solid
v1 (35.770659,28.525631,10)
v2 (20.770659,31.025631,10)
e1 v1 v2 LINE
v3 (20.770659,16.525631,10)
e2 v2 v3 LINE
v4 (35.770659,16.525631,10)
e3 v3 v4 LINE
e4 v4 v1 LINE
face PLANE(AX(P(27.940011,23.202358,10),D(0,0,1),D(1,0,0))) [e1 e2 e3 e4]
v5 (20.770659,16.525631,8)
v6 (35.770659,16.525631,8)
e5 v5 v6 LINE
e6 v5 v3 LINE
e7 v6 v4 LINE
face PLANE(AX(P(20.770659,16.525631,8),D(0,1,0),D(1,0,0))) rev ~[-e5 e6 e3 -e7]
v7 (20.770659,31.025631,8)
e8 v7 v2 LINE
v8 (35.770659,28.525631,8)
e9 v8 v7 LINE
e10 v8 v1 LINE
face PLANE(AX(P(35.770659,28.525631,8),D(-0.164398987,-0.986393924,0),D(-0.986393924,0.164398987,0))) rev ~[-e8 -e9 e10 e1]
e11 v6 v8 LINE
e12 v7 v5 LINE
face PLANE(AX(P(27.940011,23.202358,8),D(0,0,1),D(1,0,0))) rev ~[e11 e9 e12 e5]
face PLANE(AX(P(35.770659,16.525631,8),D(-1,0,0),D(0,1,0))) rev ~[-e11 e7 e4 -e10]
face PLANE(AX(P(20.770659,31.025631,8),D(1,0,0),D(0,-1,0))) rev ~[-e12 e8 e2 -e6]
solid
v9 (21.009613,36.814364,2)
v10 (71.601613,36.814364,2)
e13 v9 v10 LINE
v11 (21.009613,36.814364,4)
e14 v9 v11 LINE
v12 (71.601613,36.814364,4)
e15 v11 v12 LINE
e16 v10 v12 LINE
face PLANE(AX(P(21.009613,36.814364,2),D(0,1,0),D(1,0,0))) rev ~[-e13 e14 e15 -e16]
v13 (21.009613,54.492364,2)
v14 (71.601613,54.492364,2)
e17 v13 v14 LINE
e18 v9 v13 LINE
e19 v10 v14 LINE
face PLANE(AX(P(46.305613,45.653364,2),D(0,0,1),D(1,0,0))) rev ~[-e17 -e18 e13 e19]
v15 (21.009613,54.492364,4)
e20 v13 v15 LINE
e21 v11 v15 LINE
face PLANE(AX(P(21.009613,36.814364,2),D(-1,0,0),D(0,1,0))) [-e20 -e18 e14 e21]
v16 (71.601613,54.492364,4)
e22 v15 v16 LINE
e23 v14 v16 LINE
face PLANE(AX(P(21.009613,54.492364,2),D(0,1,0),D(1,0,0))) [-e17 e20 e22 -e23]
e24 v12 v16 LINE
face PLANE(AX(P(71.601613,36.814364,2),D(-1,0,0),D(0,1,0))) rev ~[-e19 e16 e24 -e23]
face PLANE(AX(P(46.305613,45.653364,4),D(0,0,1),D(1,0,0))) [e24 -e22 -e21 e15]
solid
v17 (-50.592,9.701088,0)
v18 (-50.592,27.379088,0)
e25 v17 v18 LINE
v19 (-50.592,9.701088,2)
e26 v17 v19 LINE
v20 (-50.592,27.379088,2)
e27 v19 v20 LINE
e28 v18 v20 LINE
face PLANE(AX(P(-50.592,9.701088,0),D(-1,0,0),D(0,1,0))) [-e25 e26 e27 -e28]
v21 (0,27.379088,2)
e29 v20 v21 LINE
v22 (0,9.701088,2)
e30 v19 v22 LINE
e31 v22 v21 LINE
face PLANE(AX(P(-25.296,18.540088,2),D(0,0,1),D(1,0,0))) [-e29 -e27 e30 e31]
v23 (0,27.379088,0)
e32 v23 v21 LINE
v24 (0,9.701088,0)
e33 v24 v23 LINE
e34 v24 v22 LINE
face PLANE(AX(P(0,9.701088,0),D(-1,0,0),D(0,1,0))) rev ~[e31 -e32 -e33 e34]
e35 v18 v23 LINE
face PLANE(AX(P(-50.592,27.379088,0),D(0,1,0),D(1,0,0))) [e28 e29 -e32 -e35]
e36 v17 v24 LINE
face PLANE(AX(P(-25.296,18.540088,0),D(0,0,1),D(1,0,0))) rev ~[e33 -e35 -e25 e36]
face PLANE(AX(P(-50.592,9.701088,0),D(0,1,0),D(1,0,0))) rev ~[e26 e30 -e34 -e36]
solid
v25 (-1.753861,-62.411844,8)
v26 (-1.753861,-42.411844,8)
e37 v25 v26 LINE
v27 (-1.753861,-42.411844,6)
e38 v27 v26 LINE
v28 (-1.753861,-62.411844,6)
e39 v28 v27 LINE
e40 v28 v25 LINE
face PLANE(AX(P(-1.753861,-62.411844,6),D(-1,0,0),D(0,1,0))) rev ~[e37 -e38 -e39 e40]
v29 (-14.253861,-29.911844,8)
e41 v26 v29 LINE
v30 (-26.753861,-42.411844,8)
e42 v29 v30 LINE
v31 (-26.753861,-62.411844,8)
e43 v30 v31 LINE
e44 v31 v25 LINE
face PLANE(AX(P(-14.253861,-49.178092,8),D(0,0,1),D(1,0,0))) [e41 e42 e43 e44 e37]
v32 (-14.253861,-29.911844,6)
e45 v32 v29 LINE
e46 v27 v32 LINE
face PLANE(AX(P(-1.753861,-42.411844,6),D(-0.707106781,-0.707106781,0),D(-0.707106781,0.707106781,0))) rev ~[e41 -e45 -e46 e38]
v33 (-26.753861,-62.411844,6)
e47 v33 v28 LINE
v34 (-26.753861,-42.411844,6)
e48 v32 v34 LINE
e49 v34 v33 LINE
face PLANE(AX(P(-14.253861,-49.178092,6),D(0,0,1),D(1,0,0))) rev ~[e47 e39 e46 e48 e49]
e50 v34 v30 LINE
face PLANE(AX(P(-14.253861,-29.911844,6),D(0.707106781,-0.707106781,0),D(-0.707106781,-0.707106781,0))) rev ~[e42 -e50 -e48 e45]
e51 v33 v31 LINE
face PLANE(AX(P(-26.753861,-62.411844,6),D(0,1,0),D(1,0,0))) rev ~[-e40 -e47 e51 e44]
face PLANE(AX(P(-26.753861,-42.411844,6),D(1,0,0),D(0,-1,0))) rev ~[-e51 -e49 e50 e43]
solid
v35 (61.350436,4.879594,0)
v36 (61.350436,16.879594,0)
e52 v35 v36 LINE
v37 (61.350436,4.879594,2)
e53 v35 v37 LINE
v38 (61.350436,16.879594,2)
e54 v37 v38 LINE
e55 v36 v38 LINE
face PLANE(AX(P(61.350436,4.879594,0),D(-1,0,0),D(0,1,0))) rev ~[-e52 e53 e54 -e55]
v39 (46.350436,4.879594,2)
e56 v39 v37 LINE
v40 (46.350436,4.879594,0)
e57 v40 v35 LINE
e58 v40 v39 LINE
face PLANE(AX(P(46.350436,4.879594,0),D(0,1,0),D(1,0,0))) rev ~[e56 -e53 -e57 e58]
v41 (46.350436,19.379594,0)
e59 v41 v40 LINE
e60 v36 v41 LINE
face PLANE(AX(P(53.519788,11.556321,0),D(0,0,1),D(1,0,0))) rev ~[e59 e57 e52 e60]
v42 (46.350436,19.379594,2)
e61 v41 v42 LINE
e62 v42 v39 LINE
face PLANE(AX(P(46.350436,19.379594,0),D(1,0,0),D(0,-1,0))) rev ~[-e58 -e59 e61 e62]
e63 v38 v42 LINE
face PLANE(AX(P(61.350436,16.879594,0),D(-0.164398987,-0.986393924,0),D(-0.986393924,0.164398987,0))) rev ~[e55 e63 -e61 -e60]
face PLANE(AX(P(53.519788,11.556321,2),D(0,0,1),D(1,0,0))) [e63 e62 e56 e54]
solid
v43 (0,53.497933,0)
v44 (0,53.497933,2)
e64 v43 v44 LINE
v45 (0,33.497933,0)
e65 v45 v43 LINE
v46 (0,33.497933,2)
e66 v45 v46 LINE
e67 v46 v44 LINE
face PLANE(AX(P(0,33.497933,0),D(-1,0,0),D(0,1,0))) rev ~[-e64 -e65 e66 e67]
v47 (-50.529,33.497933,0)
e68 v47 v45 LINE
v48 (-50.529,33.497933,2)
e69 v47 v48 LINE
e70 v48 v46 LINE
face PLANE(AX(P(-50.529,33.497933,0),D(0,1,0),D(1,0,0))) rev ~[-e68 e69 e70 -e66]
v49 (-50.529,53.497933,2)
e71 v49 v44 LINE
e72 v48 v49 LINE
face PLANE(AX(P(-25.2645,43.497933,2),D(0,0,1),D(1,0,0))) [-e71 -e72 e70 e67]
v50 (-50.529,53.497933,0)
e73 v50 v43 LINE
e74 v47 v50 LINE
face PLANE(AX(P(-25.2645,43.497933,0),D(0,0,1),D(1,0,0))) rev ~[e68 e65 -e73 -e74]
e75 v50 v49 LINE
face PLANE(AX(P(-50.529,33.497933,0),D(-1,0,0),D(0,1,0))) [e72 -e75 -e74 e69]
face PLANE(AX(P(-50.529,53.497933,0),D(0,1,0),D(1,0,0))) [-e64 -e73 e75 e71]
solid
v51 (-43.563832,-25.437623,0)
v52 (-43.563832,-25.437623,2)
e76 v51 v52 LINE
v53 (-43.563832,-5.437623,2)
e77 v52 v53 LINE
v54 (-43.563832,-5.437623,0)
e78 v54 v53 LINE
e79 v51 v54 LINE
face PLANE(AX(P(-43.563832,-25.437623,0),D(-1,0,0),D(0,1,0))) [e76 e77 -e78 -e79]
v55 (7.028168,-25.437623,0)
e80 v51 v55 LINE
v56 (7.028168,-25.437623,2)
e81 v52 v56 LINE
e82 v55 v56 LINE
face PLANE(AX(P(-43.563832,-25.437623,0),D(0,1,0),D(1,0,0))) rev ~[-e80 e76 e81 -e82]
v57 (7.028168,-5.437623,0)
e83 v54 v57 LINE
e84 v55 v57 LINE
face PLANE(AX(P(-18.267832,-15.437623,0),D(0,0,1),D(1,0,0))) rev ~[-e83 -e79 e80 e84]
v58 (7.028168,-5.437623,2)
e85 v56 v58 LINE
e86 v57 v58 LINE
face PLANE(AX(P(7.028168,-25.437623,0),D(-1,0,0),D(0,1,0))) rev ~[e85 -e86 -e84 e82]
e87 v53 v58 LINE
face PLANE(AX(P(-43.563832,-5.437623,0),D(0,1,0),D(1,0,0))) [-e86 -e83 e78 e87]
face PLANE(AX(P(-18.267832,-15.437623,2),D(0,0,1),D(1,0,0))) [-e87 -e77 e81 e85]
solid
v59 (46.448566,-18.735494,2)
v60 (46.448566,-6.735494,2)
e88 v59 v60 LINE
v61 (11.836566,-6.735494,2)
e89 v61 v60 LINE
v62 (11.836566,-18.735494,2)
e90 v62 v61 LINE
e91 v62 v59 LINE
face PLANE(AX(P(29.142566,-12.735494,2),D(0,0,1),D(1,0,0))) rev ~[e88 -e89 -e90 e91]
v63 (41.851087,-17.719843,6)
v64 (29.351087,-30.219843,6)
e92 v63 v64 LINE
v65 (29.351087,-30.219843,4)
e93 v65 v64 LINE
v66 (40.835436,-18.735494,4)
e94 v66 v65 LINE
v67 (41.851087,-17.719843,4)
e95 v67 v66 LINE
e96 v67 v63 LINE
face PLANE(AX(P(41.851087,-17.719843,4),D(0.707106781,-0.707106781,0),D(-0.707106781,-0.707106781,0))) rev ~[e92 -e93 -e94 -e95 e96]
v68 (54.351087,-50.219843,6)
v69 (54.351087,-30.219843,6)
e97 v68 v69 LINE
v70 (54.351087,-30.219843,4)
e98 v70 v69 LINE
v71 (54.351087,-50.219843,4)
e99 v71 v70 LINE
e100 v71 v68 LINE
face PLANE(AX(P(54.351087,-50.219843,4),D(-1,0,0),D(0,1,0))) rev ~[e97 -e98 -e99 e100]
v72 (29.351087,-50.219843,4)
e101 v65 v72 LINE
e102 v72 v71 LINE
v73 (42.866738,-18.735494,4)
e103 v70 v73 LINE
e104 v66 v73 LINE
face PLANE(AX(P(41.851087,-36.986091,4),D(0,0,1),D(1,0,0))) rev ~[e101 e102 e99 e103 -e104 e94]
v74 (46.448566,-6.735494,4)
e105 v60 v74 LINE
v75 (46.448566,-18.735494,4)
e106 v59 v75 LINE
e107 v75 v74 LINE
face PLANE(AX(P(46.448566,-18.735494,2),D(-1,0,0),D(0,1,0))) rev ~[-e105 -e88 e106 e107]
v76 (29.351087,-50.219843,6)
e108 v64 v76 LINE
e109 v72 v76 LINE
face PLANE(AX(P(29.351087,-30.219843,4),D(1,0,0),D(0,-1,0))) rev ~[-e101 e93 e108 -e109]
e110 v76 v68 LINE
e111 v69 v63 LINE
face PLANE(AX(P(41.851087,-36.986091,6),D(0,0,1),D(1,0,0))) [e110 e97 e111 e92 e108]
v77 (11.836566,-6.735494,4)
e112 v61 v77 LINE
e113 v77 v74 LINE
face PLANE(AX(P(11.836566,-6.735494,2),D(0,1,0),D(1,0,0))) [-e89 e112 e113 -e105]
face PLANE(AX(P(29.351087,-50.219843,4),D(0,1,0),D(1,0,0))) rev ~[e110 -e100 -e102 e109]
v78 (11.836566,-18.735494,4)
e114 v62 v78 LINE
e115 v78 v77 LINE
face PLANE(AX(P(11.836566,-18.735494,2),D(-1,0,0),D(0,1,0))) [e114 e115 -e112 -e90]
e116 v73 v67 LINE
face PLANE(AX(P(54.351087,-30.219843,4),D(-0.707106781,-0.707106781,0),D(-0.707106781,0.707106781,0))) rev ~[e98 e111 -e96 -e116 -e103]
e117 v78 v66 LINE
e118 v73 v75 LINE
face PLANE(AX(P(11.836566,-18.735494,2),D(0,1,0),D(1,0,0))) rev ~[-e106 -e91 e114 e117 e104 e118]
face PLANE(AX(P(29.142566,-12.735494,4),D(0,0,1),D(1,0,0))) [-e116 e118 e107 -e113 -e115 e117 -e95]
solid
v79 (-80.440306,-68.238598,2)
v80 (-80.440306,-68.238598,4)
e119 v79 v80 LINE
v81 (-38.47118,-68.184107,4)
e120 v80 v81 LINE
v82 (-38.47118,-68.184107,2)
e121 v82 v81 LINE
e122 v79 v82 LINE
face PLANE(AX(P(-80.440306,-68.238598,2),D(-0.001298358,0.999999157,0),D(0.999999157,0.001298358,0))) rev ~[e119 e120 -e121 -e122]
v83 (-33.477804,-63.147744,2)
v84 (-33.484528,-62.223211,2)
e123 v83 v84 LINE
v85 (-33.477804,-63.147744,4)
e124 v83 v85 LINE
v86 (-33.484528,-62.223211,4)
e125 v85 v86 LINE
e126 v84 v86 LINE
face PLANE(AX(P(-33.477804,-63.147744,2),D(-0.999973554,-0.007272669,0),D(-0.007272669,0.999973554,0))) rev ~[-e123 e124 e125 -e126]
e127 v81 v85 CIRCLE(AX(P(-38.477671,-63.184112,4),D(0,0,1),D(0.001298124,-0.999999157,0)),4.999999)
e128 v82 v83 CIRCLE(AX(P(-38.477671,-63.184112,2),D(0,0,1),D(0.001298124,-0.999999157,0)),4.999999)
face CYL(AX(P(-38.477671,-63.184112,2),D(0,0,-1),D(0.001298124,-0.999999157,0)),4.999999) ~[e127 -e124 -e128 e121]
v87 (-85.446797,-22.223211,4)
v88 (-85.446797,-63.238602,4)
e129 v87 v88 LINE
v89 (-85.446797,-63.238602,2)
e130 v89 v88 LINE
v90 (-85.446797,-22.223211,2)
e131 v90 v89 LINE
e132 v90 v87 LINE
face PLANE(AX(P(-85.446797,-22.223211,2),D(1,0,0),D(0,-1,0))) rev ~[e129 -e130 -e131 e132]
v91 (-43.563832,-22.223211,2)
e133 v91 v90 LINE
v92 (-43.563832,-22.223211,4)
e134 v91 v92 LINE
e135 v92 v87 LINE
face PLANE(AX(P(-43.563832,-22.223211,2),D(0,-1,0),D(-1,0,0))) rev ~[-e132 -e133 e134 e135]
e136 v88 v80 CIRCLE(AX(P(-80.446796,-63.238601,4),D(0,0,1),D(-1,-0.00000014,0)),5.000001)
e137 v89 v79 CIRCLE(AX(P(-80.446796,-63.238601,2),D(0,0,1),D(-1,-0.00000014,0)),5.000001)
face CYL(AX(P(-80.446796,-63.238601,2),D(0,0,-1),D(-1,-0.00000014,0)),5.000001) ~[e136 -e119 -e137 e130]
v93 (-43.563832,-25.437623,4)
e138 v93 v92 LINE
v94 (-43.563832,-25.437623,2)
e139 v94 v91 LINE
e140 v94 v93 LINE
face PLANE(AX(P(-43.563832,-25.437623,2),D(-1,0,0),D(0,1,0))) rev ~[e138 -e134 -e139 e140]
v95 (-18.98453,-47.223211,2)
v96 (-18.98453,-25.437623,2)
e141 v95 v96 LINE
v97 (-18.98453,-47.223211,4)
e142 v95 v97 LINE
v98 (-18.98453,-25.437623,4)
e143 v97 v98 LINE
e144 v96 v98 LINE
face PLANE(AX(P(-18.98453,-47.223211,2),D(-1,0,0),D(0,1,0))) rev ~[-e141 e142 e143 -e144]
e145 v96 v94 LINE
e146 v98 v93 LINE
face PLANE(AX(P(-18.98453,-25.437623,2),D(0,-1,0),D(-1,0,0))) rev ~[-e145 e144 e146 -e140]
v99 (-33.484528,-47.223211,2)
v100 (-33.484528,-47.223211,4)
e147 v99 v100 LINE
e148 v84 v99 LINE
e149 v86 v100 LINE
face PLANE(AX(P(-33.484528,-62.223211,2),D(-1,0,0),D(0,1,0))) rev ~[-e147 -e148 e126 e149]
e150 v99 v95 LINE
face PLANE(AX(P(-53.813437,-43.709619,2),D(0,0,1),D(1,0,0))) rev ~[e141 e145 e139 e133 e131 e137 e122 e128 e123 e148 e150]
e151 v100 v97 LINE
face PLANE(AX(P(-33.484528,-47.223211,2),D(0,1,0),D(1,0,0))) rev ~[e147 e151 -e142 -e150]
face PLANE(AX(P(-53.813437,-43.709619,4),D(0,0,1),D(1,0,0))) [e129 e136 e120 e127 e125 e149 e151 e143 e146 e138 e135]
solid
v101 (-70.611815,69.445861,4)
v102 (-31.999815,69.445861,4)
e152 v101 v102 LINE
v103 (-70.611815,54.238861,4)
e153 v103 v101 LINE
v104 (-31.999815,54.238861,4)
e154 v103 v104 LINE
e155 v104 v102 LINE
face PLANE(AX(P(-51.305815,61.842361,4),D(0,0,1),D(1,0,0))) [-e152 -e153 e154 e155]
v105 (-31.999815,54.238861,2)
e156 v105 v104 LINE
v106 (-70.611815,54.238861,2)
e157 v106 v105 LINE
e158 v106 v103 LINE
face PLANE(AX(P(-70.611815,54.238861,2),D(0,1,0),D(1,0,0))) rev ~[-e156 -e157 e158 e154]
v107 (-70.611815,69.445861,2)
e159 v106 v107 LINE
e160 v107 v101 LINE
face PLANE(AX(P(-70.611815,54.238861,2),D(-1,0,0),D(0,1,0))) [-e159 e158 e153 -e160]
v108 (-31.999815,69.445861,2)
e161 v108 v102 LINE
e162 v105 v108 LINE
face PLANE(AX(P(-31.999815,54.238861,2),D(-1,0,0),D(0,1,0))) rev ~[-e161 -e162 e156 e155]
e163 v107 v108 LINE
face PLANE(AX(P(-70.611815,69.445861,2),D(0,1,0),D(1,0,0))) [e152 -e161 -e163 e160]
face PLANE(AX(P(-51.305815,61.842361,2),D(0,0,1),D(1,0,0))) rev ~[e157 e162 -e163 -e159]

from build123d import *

# Parameters (mm, degrees)
F0_W      = 50.592
F0_H      = 20
F1_DEPTH  = 2
F2_W      = 50.529
F2_H      = 20
F3_DEPTH  = 2
F4_W      = 50.592
F4_H      = 17.678
F5_DEPTH  = 2
F6_W      = 50.592
F6_H      = 17.678
F7_DEPTH  = 2
F9_DEPTH  = 2
F11_DEPTH = 2
F13_DEPTH = 2
F15_DEPTH = 2
F16_W     = 38.612
F16_H     = 15.207
F17_DEPTH = 2
F19_DEPTH = 2
F20_W     = 34.612
F20_H     = 12
F21_DEPTH = 2


with BuildPart() as f1:
    # F0 (on Top) → F1 (new body)
    with BuildSketch(Plane.XY):
        with Locations((-18.267832, -15.437623)):
            Rectangle(F0_W, F0_H)
    extrude(amount=F1_DEPTH)


with BuildPart() as f3:
    # F2 (on Top) → F3 (new body)
    with BuildSketch(Plane.XY):
        with Locations((-25.2645, 43.497933)):
            Rectangle(F2_W, F2_H)
    extrude(amount=F3_DEPTH)


with BuildPart() as f5:
    # F4 (on Top) → F5 (new body)
    with BuildSketch(Plane.XY):
        with Locations((-25.296, 18.540088)):
            Rectangle(F4_W, F4_H)
    extrude(amount=F5_DEPTH)


with BuildPart() as f7:
    # F6 (on face) → F7 (new body)
    with BuildSketch(Plane.XY.offset(2)):
        with Locations((46.305613, 45.653364)):
            Rectangle(F6_W, F6_H)
    extrude(amount=F7_DEPTH)


with BuildPart() as f9:
    # F8 (on face) → F9 (new body)
    with BuildSketch(Plane.XY.offset(4)):
        Polygon((41.851087, -17.719843), (29.351087, -30.219843), (29.351087, -50.219843), (33.131574, -50.219843), (50.5706, -50.219843), (54.351087, -50.219843), (54.351087, -30.219843), align=None)
    extrude(amount=F9_DEPTH)

    # F20 (on face) → F21 (join)
    with BuildSketch(Plane.XY.offset(2)):
        with Locations((29.142566, -12.735494)):
            Rectangle(F20_W, F20_H)
    extrude(amount=F21_DEPTH)


with BuildPart() as f11:
    # F10 (on face) → F11 (new body)
    with BuildSketch(Plane.XY.offset(6)):
        Polygon((-14.253861, -29.911844), (-26.753861, -42.411844), (-26.753861, -62.411844), (-1.753861, -62.411844), (-1.753861, -42.411844), align=None)
    extrude(amount=F11_DEPTH)


with BuildPart() as f13:
    # F12 (on face) → F13 (new body)
    with BuildSketch(Plane.XY.offset(8)):
        Polygon((20.770659, 28.525631), (20.770659, 16.525631), (35.770659, 16.525631), (35.770659, 28.525631), (20.770659, 31.025631), align=None)
    extrude(amount=F13_DEPTH)


with BuildPart() as f15:
    # F14 (on Top) → F15 (new body)
    with BuildSketch(Plane.XY):
        Polygon((46.350436, 16.879594), (46.350436, 4.879594), (61.350436, 4.879594), (61.350436, 16.879594), (46.350436, 19.379594), align=None)
    extrude(amount=F15_DEPTH)


with BuildPart() as f17:
    # F16 (on face) → F17 (new body)
    with BuildSketch(Plane.XY.offset(2)):
        with Locations((-51.305815, 61.842361)):
            Rectangle(F16_W, F16_H)
    extrude(amount=F17_DEPTH)


with BuildPart() as f19:
    # F18 (on face) → F19 (new body)
    with BuildSketch(Plane.XY.offset(2)):
        with BuildLine():
            Line((-33.477804, -63.147744), (-33.484528, -62.223211))
            Line((-33.484528, -62.223211), (-33.484528, -47.223211))
            Line((-33.484528, -47.223211), (-18.98453, -47.223211))
            Line((-18.98453, -47.223211), (-18.98453, -25.437623))
            Line((-18.98453, -25.437623), (-43.563832, -25.437623))
            Line((-43.563832, -25.437623), (-43.563832, -22.223211))
            Line((-43.563832, -22.223211), (-85.446797, -22.223211))
            Line((-85.446797, -22.223211), (-85.446797, -47.223211))
            Line((-85.446797, -47.223211), (-85.446797, -63.238602))
            ThreePointArc((-85.446797, -63.238602), (-83.980035, -66.77643), (-80.440306, -68.238598))
            Line((-80.440306, -68.238598), (-38.47118, -68.184107))
            ThreePointArc((-38.47118, -68.184107), (-34.927017, -66.70446), (-33.477804, -63.147744))
        make_face()
    extrude(amount=F19_DEPTH)


solid = Compound([f1.part, f3.part, f5.part, f7.part, f9.part, f11.part, f13.part, f15.part, f17.part, f19.part])
